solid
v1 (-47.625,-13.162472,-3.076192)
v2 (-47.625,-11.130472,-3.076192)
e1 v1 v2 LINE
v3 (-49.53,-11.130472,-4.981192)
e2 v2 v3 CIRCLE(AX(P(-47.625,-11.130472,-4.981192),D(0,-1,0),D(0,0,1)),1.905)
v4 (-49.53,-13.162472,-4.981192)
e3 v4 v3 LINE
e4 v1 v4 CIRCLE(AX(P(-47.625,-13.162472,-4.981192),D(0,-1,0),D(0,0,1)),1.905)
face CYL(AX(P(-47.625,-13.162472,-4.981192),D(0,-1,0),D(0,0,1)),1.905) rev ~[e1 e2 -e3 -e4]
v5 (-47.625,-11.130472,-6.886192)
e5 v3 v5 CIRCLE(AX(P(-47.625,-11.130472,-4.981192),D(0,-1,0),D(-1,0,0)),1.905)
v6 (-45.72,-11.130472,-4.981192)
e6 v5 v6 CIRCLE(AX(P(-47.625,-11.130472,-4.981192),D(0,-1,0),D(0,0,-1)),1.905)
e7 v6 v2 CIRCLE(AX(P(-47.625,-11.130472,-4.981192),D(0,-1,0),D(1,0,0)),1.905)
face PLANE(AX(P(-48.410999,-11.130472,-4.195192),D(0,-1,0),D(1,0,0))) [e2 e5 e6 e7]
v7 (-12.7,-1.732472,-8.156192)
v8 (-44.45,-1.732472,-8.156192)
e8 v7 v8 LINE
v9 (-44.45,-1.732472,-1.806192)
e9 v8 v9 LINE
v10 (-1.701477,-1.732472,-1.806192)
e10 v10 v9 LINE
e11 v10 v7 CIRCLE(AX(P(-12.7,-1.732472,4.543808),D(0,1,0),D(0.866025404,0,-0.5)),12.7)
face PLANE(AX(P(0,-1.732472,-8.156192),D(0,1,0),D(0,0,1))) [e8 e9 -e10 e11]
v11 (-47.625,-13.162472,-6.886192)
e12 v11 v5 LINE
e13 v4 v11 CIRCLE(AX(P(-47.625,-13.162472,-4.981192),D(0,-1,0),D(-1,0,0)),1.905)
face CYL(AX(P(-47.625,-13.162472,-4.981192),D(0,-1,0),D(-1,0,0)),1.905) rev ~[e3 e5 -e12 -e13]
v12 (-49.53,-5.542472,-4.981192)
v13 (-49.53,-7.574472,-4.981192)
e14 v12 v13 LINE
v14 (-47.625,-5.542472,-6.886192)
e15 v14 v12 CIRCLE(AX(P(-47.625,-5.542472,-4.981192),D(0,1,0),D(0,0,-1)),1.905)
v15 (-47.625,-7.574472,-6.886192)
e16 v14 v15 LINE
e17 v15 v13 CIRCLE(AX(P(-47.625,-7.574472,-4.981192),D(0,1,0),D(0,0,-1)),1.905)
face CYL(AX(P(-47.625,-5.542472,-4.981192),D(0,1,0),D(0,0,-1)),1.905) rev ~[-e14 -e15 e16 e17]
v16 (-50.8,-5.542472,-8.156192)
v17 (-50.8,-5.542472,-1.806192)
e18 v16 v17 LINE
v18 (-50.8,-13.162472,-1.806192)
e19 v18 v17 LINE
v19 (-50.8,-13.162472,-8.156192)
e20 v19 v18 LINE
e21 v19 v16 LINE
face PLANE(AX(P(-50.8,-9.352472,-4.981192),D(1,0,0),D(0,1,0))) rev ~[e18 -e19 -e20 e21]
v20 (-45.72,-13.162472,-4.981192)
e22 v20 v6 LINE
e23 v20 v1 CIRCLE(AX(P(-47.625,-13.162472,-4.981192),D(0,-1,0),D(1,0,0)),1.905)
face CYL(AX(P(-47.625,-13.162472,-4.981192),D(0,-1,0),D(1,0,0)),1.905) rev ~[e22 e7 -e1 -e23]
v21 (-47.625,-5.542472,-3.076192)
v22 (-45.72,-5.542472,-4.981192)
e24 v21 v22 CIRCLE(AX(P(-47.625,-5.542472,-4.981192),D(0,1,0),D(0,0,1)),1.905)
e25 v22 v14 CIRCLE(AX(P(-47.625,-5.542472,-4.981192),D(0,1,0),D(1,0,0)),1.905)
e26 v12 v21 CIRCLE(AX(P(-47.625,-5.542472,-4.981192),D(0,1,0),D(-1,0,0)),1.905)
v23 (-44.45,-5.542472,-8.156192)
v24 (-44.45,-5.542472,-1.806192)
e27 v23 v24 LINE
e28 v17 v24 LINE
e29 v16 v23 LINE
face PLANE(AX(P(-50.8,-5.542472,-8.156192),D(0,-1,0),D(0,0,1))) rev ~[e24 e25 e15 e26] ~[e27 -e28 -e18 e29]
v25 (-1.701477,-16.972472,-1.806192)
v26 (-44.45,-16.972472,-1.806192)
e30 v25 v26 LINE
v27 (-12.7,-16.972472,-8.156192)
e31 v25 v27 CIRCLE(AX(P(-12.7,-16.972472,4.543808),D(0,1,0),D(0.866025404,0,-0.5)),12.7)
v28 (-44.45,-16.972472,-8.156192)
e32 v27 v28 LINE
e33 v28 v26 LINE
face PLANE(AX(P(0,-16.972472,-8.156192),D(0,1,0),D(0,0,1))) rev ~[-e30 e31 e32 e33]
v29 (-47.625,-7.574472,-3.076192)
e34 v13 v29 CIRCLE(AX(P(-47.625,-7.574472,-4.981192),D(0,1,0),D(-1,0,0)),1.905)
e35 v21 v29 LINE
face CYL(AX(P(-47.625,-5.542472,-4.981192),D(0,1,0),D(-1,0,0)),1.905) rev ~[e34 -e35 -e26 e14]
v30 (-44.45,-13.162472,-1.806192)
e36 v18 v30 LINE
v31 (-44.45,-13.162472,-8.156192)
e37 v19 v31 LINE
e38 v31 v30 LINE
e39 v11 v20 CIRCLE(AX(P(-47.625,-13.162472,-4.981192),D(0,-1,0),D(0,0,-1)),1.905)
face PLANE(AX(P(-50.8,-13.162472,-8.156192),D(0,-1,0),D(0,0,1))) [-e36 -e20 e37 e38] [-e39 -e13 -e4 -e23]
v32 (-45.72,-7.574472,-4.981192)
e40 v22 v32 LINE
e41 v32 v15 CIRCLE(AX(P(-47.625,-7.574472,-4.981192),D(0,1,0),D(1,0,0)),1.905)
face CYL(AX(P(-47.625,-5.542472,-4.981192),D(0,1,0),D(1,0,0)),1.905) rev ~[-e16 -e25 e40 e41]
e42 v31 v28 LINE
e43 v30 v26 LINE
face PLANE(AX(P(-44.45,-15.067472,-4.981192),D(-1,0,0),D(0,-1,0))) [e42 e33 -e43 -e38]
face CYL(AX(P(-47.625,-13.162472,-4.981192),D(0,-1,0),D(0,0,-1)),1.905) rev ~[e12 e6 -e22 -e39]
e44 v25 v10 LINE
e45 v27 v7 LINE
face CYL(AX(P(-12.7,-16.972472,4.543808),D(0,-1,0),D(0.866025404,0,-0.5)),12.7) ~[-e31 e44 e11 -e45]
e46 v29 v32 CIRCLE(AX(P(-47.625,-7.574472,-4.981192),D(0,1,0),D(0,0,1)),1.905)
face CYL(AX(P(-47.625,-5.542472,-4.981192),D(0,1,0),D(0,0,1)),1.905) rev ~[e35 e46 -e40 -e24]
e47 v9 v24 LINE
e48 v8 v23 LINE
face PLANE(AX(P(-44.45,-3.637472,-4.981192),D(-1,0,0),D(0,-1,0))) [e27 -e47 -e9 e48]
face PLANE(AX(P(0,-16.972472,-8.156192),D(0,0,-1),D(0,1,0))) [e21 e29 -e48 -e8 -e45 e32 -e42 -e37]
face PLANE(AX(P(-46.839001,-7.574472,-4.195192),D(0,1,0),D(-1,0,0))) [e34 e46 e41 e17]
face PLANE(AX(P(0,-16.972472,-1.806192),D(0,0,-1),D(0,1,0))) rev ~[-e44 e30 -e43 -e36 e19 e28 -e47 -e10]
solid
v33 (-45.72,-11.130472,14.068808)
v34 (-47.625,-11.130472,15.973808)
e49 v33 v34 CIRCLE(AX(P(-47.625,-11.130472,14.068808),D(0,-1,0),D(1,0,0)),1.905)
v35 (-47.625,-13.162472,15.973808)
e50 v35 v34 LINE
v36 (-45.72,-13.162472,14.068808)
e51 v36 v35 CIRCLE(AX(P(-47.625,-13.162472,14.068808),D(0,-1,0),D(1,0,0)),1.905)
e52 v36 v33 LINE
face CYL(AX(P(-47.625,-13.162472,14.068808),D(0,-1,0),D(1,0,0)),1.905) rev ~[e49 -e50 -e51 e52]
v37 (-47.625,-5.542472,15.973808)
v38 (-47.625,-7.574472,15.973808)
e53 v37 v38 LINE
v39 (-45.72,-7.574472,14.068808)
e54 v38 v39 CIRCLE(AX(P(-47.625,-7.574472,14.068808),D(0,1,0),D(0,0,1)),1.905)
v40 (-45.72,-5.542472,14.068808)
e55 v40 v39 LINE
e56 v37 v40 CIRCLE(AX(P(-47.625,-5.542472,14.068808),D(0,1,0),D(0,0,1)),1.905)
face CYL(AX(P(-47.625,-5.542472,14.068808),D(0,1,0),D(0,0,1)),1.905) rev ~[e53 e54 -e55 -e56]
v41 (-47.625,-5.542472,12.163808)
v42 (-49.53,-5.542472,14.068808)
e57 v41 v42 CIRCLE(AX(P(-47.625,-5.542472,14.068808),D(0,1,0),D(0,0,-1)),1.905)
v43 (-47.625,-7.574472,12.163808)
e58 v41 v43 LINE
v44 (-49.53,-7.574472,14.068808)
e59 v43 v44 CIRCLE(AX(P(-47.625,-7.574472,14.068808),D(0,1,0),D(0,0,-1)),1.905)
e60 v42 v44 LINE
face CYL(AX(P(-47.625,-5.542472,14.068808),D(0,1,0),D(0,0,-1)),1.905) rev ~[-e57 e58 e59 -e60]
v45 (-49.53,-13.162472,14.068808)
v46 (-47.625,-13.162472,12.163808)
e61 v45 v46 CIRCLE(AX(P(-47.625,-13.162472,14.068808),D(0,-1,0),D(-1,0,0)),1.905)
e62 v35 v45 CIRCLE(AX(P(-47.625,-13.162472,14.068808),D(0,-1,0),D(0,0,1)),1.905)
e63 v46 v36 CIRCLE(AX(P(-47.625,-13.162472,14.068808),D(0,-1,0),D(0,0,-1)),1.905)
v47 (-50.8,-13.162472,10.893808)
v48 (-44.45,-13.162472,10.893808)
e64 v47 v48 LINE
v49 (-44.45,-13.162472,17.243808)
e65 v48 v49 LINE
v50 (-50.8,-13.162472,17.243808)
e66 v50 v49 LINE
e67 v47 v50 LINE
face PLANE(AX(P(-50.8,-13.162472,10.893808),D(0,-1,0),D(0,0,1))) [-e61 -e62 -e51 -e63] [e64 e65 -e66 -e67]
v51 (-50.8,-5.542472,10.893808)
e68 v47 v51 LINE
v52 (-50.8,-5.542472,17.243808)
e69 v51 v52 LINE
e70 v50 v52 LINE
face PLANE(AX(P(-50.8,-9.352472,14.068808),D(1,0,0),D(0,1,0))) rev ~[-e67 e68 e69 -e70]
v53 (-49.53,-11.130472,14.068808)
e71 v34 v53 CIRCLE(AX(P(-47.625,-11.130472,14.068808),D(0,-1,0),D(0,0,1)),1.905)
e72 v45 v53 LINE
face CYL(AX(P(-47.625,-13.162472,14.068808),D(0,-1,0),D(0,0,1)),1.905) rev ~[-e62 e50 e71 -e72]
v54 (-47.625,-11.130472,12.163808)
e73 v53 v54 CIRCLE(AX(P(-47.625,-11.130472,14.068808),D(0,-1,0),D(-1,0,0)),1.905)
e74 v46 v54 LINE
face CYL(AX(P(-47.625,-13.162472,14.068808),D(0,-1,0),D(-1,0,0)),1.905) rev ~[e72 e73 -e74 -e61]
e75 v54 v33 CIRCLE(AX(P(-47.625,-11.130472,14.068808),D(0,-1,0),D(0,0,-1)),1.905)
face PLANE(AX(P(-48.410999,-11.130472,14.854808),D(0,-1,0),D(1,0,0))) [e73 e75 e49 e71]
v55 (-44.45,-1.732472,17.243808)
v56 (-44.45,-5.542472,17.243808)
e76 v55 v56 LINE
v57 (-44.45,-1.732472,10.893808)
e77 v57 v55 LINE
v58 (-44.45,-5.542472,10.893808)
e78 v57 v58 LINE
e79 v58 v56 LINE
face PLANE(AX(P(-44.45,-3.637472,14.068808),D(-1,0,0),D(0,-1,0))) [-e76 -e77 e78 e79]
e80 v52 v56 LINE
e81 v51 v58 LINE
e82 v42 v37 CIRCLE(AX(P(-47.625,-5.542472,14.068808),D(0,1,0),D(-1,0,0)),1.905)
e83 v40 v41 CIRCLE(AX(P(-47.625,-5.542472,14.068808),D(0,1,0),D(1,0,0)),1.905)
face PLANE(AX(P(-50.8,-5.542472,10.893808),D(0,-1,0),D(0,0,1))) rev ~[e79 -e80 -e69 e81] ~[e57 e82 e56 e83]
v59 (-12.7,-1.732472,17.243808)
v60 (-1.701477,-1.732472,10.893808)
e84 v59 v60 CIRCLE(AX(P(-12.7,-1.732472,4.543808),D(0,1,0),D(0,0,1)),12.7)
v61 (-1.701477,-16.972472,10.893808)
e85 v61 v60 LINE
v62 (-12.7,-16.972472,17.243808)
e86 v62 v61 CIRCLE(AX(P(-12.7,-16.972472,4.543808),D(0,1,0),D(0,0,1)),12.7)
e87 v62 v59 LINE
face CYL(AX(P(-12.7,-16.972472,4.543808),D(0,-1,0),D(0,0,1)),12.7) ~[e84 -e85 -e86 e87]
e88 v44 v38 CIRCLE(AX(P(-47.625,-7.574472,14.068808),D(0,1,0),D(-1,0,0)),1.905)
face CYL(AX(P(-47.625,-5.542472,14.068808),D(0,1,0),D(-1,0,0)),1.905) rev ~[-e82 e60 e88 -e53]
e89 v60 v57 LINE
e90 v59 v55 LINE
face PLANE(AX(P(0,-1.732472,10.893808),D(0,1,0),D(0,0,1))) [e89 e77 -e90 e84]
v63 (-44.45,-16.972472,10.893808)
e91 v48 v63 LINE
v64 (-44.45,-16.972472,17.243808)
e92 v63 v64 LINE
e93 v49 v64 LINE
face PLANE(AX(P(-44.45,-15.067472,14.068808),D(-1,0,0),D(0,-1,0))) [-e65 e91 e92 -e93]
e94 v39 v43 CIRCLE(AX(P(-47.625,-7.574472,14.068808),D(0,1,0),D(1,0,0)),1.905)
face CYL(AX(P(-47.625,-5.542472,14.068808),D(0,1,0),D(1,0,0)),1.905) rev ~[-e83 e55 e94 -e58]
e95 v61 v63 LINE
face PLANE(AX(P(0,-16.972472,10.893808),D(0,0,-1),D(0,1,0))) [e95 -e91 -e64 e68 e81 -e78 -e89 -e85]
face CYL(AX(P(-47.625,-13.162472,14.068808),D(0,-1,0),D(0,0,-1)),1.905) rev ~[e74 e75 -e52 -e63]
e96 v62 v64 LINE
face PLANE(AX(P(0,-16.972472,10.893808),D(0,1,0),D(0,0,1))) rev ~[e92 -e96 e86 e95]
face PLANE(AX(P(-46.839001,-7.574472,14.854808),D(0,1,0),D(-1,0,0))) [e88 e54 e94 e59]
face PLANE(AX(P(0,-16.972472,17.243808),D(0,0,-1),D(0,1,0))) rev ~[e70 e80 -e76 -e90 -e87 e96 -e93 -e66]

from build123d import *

# Parameters (mm, degrees)
F0_W      = 15.24
F0_H      = 6.35
F1_DEPTH  = 50.8
F3_DEPTH  = 15.24
F5_DEPTH  = 15.24
F6_W      = 3.81
F6_H      = 6.35
F8_DEPTH  = 6.35
F7_W      = 3.81
F7_H      = 6.35
F9_DEPTH  = 6.35
F12_DEPTH = 2.032
F13_DEPTH = 2.032
F16_DEPTH = 2.032
F17_DEPTH = 2.032


with BuildPart() as f1:
    # F0 (on Right) → F1 (new body)
    with BuildSketch(Plane.YZ):
        with Locations((-9.3524721428, 14.0688081446)):
            Rectangle(F0_W, F0_H)
    extrude(amount=-F1_DEPTH)

    # F2 (on face) → F3 (cut, through all)
    with BuildSketch(Plane.XZ.offset(16.9724721428)):
        with BuildLine():
            ThreePointArc((-12.7, 17.2438081446), (-6.35, 15.5423307727), (-1.7014773719, 10.8938081446))
            Line((-1.7014773719, 10.8938081446), (0, 10.8938081446))
            Line((0, 10.8938081446), (0, 17.2438081446))
            Line((0, 17.2438081446), (-12.7, 17.2438081446))
        make_face()
    extrude(amount=-F3_DEPTH, mode=Mode.SUBTRACT)

    # F6 (on face) → F8 (cut)
    with BuildSketch(Plane(origin=(-50.8, 0, 0), x_dir=(0, -1, 0), z_dir=(-1, 0, 0))):
        with Locations((3.6374721428, 14.0688081446)):
            Rectangle(F6_W, F6_H)
        with Locations((15.0674721428, 14.0688081446)):
            Rectangle(F6_W, F6_H)
    extrude(amount=-F8_DEPTH, mode=Mode.SUBTRACT)

    # F10 (on face) → F12 (cut)
    with BuildSketch(Plane.XZ.offset(13.1624721428)):
        with BuildLine():
            Line((-49.53, 14.0688081446), (-47.625, 14.0688081446))
            Line((-47.625, 14.0688081446), (-47.625, 15.9738081446))
            ThreePointArc((-47.625, 15.9738081446), (-48.9720384182, 15.4158465628), (-49.53, 14.0688081446))
        make_face()
        with BuildLine():
            Line((-47.625, 14.0688081446), (-45.72, 14.0688081446))
            ThreePointArc((-45.72, 14.0688081446), (-46.2779615818, 15.4158465628), (-47.625, 15.9738081446))
            Line((-47.625, 15.9738081446), (-47.625, 14.0688081446))
        make_face()
        with BuildLine():
            ThreePointArc((-47.625, 12.1638081446), (-46.2779615818, 12.7217697265), (-45.72, 14.0688081446))
            Line((-45.72, 14.0688081446), (-47.625, 14.0688081446))
            Line((-47.625, 14.0688081446), (-47.625, 12.1638081446))
        make_face()
        with BuildLine():
            Line((-47.625, 12.1638081446), (-47.625, 14.0688081446))
            Line((-47.625, 14.0688081446), (-49.53, 14.0688081446))
            ThreePointArc((-49.53, 14.0688081446), (-48.9720384182, 12.7217697265), (-47.625, 12.1638081446))
        make_face()
    extrude(amount=-F12_DEPTH, mode=Mode.SUBTRACT)

    # F14 (on face) → F16 (cut)
    with BuildSketch(Plane(origin=(0, -5.5424721428, 0), x_dir=(-1, 0, 0), z_dir=(0, 1, 0))):
        with BuildLine():
            Line((45.72, 14.0688081446), (47.625, 14.0688081446))
            Line((47.625, 14.0688081446), (47.625, 15.9738081446))
            ThreePointArc((47.625, 15.9738081446), (46.2779615818, 15.4158465628), (45.72, 14.0688081446))
        make_face()
        with BuildLine():
            Line((47.625, 14.0688081446), (49.53, 14.0688081446))
            ThreePointArc((49.53, 14.0688081446), (48.9720384182, 15.4158465628), (47.625, 15.9738081446))
            Line((47.625, 15.9738081446), (47.625, 14.0688081446))
        make_face()
        with BuildLine():
            ThreePointArc((47.625, 12.1638081446), (48.9720384182, 12.7217697265), (49.53, 14.0688081446))
            Line((49.53, 14.0688081446), (47.625, 14.0688081446))
            Line((47.625, 14.0688081446), (47.625, 12.1638081446))
        make_face()
        with BuildLine():
            Line((47.625, 12.1638081446), (47.625, 14.0688081446))
            Line((47.625, 14.0688081446), (45.72, 14.0688081446))
            ThreePointArc((45.72, 14.0688081446), (46.2779615818, 12.7217697265), (47.625, 12.1638081446))
        make_face()
    extrude(amount=-F16_DEPTH, mode=Mode.SUBTRACT)


with BuildPart() as f1b:
    # F0 (on Right) → F1, piece 2 (new body)
    with BuildSketch(Plane.YZ):
        with Locations((-9.3524721428, -4.9811918554)):
            Rectangle(F0_W, F0_H)
    extrude(amount=-F1_DEPTH)

    # F4 (on face) → F5 (cut, through all)
    with BuildSketch(Plane.XZ.offset(16.9724721428)):
        with BuildLine():
            Line((0, -1.8061918554), (-1.7014773719, -1.8061918554))
            ThreePointArc((-1.7014773719, -1.8061918554), (-6.350000005, -6.4547144863), (-12.7000000115, -8.1561918554))
            Line((-12.7000000115, -8.1561918554), (0, -8.1561918554))
            Line((0, -8.1561918554), (0, -1.8061918554))
        make_face()
    extrude(amount=-F5_DEPTH, mode=Mode.SUBTRACT)

    # F7 (on face) → F9 (cut)
    with BuildSketch(Plane(origin=(-50.8, 0, 0), x_dir=(0, -1, 0), z_dir=(-1, 0, 0))):
        with Locations((3.6374721428, -4.9811918554)):
            Rectangle(F7_W, F7_H)
        with Locations((15.0674721428, -4.9811918554)):
            Rectangle(F7_W, F7_H)
    extrude(amount=-F9_DEPTH, mode=Mode.SUBTRACT)

    # F11 (on face) → F13 (cut)
    with BuildSketch(Plane.XZ.offset(13.1624721428)):
        with BuildLine():
            Line((-49.53, -4.9811918554), (-47.625, -4.9811918554))
            Line((-47.625, -4.9811918554), (-47.625, -3.0761918554))
            ThreePointArc((-47.625, -3.0761918554), (-48.9720384182, -3.6341534372), (-49.53, -4.9811918554))
        make_face()
        with BuildLine():
            Line((-47.625, -4.9811918554), (-45.72, -4.9811918554))
            ThreePointArc((-45.72, -4.9811918554), (-46.2779615818, -3.6341534372), (-47.625, -3.0761918554))
            Line((-47.625, -3.0761918554), (-47.625, -4.9811918554))
        make_face()
        with BuildLine():
            ThreePointArc((-47.625, -6.8861918554), (-46.2779615818, -6.3282302735), (-45.72, -4.9811918554))
            Line((-45.72, -4.9811918554), (-47.625, -4.9811918554))
            Line((-47.625, -4.9811918554), (-47.625, -6.8861918554))
        make_face()
        with BuildLine():
            Line((-47.625, -6.8861918554), (-47.625, -4.9811918554))
            Line((-47.625, -4.9811918554), (-49.53, -4.9811918554))
            ThreePointArc((-49.53, -4.9811918554), (-48.9720384182, -6.3282302735), (-47.625, -6.8861918554))
        make_face()
    extrude(amount=-F13_DEPTH, mode=Mode.SUBTRACT)

    # F15 (on face) → F17 (cut)
    with BuildSketch(Plane(origin=(0, -5.5424721428, 0), x_dir=(-1, 0, 0), z_dir=(0, 1, 0))):
        with BuildLine():
            Line((45.72, -4.9811918554), (47.625, -4.9811918554))
            Line((47.625, -4.9811918554), (47.625, -3.0761918554))
            ThreePointArc((47.625, -3.0761918554), (46.2779615818, -3.6341534372), (45.72, -4.9811918554))
        make_face()
        with BuildLine():
            Line((47.625, -4.9811918554), (49.53, -4.9811918554))
            ThreePointArc((49.53, -4.9811918554), (48.9720384182, -3.6341534372), (47.625, -3.0761918554))
            Line((47.625, -3.0761918554), (47.625, -4.9811918554))
        make_face()
        with BuildLine():
            ThreePointArc((47.625, -6.8861918554), (48.9720384182, -6.3282302735), (49.53, -4.9811918554))
            Line((49.53, -4.9811918554), (47.625, -4.9811918554))
            Line((47.625, -4.9811918554), (47.625, -6.8861918554))
        make_face()
        with BuildLine():
            Line((47.625, -6.8861918554), (47.625, -4.9811918554))
            Line((47.625, -4.9811918554), (45.72, -4.9811918554))
            ThreePointArc((45.72, -4.9811918554), (46.2779615818, -6.3282302735), (47.625, -6.8861918554))
        make_face()
    extrude(amount=-F17_DEPTH, mode=Mode.SUBTRACT)


solid = Compound([f1.part, f1b.part])
